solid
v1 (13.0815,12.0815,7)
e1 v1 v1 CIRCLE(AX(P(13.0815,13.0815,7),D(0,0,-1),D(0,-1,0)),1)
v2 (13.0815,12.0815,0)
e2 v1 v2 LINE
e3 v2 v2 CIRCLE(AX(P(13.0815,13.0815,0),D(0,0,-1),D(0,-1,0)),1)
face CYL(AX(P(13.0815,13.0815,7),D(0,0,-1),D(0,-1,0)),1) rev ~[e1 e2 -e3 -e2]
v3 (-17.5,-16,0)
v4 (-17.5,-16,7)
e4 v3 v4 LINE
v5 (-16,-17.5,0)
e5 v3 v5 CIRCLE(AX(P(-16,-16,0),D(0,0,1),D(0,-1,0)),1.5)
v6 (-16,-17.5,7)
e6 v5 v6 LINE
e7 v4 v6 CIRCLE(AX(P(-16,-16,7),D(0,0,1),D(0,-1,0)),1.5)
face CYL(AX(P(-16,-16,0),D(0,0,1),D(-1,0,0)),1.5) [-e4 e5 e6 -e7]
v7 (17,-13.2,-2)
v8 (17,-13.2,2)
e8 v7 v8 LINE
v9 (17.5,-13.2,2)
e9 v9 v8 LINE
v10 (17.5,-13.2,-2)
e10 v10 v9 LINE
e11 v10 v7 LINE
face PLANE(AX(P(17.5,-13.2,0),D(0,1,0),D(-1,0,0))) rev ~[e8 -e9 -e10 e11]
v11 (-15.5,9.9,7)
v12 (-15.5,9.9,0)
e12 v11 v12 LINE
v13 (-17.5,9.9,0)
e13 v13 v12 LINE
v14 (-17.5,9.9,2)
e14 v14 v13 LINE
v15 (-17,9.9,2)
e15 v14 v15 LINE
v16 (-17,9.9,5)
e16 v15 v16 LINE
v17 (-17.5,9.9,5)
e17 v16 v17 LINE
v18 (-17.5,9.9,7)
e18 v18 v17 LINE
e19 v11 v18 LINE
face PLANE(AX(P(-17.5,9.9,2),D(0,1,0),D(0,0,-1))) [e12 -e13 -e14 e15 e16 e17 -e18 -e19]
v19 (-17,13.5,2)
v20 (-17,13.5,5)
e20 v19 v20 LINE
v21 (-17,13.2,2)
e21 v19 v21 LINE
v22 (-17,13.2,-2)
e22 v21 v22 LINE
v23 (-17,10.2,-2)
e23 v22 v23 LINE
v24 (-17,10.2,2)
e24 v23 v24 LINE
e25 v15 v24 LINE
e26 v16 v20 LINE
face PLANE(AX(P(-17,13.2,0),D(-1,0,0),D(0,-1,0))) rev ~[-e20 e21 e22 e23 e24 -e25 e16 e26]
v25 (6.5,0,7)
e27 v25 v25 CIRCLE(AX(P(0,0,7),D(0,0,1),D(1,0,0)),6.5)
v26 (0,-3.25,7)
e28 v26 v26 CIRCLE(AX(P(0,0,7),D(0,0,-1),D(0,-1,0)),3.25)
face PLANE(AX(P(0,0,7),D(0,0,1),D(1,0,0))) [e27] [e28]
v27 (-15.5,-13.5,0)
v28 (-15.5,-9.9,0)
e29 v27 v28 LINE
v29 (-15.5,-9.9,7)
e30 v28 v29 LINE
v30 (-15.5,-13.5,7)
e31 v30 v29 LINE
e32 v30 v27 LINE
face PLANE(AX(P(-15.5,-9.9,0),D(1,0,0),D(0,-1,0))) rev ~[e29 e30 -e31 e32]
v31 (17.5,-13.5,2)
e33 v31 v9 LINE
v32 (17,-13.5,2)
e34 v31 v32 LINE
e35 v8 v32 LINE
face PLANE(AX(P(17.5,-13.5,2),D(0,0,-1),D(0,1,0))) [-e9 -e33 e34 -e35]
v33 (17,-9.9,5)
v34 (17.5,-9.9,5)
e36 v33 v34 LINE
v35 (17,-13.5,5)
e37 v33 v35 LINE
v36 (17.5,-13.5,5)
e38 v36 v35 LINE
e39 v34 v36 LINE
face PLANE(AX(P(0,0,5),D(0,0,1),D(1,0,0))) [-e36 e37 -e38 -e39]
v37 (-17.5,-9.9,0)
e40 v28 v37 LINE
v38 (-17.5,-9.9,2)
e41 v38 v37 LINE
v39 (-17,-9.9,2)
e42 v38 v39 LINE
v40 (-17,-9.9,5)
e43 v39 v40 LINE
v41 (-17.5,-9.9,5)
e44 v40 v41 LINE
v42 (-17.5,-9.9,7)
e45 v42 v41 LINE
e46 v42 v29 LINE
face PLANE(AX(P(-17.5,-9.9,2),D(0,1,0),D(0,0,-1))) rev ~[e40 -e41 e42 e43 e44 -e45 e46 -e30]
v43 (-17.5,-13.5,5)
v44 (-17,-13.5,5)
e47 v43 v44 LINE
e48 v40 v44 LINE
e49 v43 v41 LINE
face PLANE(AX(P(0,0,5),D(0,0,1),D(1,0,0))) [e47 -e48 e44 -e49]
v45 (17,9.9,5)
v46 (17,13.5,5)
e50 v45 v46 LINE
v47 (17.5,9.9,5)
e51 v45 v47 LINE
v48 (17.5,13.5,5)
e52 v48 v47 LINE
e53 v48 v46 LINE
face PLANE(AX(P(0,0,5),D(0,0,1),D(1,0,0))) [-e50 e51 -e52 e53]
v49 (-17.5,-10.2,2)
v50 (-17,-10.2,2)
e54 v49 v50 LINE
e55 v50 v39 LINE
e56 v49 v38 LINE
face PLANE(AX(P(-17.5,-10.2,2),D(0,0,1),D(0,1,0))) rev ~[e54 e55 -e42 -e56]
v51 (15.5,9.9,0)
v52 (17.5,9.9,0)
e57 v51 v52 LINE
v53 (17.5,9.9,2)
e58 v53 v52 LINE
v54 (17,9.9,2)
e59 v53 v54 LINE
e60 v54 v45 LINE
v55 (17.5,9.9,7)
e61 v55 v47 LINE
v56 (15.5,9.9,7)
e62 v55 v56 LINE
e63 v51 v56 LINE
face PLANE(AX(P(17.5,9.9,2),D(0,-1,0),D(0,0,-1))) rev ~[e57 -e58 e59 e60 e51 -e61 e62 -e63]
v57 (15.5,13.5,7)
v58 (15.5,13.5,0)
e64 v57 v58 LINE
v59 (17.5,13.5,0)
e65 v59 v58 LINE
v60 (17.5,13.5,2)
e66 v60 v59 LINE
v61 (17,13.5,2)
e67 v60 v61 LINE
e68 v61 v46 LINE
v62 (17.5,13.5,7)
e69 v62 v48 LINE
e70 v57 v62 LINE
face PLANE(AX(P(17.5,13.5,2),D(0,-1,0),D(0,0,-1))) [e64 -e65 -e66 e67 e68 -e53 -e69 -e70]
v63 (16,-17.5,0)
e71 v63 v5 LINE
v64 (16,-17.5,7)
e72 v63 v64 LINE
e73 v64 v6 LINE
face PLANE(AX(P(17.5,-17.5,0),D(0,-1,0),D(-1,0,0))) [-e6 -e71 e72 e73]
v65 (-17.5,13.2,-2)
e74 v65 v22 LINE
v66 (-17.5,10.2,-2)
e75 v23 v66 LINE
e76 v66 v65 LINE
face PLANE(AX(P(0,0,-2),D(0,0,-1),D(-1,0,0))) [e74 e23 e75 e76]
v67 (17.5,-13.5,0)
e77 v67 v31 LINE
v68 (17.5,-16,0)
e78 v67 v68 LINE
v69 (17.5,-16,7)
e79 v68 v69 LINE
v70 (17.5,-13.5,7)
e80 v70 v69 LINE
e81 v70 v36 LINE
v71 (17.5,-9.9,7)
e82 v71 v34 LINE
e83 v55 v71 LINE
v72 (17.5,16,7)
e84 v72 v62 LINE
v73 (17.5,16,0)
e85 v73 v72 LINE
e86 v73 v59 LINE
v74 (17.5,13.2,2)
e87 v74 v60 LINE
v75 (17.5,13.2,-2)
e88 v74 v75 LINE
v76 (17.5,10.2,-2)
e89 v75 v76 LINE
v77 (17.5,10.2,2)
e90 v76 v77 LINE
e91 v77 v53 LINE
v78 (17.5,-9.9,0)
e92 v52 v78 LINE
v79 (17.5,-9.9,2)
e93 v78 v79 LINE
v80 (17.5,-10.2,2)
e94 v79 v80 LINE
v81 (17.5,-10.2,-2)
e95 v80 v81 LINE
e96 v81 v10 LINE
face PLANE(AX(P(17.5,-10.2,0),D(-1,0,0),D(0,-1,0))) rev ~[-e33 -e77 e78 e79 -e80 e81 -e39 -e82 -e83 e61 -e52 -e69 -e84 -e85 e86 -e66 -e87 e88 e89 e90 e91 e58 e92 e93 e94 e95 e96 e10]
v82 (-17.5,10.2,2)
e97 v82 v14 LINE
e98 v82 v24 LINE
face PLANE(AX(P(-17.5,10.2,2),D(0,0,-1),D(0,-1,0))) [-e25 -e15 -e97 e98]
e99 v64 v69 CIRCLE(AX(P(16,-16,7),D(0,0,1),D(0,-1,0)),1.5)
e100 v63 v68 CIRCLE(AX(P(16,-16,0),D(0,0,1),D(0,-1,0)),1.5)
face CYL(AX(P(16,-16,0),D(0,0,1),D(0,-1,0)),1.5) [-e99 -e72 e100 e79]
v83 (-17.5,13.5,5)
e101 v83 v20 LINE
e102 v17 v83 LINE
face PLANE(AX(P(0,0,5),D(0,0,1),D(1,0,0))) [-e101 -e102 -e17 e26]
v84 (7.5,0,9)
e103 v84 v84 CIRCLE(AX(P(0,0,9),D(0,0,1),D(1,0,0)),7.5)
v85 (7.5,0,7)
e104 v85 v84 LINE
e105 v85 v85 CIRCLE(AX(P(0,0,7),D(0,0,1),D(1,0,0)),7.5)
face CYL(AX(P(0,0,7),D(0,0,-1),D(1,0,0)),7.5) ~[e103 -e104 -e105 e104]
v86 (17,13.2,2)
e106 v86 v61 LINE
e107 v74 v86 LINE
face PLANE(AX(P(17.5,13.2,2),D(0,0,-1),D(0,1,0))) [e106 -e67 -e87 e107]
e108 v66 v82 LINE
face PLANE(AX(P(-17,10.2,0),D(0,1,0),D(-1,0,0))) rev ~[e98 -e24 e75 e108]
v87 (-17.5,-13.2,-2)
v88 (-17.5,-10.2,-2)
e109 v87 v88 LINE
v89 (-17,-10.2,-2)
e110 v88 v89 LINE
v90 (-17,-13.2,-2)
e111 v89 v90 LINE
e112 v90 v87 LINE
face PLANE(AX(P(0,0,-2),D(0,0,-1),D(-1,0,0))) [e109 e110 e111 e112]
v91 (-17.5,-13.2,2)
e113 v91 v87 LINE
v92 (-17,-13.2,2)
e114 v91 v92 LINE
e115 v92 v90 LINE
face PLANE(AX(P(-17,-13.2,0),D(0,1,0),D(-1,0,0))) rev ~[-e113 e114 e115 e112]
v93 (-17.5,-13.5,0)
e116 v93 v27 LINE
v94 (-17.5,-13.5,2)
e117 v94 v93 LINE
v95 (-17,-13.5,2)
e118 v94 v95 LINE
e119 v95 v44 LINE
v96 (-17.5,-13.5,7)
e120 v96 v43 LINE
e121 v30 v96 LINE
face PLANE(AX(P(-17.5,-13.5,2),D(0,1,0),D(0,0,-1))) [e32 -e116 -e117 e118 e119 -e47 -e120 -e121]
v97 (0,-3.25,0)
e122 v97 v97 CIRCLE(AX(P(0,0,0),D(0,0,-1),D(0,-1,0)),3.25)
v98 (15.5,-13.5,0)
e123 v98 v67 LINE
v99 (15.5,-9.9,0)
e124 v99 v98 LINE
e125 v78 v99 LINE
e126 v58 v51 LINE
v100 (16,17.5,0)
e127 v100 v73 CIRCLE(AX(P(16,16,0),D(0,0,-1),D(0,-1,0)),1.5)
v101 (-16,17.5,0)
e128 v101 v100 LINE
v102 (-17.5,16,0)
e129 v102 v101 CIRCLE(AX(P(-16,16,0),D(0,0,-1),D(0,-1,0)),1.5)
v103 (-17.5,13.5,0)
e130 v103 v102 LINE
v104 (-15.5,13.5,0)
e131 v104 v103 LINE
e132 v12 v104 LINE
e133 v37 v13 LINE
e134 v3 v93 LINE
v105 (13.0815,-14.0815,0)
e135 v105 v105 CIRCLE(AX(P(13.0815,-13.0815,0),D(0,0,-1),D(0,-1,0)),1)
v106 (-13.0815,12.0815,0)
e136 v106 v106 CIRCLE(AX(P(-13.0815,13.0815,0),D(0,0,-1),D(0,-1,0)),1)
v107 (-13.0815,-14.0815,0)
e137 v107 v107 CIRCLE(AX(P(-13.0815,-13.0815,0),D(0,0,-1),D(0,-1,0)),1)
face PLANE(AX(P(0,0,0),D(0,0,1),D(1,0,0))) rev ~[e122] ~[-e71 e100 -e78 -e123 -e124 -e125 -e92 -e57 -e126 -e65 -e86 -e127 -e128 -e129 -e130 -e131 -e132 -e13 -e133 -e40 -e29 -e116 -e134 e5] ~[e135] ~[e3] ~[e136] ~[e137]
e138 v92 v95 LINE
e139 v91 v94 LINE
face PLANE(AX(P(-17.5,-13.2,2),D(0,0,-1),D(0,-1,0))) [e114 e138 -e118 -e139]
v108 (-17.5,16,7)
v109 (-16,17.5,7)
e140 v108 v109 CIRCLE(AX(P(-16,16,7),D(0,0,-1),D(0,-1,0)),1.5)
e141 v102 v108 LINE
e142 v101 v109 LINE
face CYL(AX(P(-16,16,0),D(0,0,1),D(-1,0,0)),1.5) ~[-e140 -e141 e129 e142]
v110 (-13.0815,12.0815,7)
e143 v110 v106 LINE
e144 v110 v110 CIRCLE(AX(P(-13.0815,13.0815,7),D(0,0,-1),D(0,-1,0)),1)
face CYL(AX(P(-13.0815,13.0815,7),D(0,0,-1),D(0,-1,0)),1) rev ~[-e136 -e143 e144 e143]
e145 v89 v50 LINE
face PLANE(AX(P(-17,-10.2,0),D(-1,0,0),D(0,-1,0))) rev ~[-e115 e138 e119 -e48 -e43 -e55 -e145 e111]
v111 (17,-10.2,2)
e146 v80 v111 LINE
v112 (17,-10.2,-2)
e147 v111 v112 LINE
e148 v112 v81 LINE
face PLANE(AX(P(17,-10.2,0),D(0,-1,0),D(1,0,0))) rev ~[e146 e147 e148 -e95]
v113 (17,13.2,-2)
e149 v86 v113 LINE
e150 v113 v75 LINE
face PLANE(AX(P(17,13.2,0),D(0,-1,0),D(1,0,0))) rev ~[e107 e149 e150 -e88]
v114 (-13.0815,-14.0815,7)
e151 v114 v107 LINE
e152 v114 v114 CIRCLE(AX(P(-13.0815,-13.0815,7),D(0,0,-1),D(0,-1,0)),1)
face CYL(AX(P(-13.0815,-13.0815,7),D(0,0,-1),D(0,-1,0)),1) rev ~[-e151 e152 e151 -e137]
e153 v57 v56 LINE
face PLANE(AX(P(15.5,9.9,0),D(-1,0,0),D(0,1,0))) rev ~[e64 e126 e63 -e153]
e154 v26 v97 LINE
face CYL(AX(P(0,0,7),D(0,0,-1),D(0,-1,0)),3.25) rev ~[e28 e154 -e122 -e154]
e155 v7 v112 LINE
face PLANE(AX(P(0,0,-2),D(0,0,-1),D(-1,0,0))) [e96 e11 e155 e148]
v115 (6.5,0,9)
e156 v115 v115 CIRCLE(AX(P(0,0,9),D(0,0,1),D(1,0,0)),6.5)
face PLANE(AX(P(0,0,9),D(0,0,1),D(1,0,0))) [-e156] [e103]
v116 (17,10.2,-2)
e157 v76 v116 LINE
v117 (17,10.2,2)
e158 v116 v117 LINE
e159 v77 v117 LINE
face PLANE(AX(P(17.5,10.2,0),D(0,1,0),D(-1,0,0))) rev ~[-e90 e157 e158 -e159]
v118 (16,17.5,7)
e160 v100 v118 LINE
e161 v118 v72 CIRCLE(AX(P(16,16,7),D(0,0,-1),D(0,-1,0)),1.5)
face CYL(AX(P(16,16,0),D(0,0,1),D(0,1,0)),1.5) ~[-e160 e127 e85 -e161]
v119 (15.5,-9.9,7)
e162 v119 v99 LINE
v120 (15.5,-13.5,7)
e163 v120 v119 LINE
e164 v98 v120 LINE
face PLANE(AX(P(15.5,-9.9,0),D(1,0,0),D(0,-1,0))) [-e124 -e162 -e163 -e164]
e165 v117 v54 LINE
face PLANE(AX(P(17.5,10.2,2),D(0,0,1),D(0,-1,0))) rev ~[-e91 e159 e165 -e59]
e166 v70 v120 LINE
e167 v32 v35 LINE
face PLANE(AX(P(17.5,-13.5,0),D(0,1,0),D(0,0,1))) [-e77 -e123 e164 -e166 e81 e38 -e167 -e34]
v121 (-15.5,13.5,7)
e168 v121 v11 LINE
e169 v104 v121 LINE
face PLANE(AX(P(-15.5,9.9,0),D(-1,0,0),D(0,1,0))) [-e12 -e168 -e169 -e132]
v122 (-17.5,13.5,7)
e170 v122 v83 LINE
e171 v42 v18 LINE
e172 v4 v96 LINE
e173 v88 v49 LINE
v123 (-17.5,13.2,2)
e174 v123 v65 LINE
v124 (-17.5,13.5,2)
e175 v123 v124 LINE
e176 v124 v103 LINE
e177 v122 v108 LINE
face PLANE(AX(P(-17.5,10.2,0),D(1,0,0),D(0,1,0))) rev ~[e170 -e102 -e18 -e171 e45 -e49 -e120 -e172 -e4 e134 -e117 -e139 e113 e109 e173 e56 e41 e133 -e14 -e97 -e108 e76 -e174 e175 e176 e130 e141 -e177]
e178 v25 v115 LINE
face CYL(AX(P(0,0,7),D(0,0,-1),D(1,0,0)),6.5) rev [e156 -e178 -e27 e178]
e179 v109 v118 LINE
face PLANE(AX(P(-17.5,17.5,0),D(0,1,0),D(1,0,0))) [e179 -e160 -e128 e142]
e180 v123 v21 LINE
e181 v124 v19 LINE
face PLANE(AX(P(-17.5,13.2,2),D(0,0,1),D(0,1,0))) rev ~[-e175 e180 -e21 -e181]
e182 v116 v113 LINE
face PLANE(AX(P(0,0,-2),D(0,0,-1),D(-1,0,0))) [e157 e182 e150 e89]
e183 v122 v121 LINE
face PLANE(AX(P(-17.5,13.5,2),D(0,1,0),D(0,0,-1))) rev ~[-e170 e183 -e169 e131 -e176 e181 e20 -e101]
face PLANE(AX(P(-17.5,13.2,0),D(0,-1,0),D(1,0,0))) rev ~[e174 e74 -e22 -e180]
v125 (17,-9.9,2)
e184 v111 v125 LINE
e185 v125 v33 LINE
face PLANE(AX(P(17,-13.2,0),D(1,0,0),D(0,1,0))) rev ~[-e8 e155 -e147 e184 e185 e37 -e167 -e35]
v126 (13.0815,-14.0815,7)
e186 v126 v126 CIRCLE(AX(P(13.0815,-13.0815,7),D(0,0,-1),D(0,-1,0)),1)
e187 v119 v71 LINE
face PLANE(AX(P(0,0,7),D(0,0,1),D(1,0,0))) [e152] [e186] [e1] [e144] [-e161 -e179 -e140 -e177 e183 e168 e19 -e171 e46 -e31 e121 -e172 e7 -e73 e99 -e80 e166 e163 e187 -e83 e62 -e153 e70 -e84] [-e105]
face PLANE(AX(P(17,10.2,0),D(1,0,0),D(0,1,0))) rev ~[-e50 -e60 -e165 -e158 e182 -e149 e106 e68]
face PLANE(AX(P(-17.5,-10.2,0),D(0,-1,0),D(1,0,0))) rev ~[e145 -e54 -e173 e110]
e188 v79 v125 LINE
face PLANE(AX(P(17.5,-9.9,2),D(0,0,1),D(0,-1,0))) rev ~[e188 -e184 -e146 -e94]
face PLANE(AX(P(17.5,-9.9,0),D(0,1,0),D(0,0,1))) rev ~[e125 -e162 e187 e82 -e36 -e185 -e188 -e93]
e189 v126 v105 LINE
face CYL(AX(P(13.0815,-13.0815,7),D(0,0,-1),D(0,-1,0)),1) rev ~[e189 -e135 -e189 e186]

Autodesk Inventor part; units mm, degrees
ref_plane "YZ Plane" through (0, 0, 0) normal (1, 0, 0) x (0, 1, 0)
ref_plane "XZ Plane" through (0, 0, 0) normal (0, 1, 0) x (-1, 0, 0)
ref_plane "XY Plane" through (0, 0, 0) normal (0, 0, 1) x (1, 0, 0)
sketch "スケッチ1" plane through (0, 0, 0) normal (0, 0, 1) x (1, 0, 0)
  line L0 (-17.5, 17.5) -> (17.5, 17.5)
  line L1 (17.5, 17.5) -> (17.5, -17.5)
  line L2 (17.5, -17.5) -> (-17.5, -17.5)
  line L3 (-17.5, -17.5) -> (-17.5, 17.5)
  point P0 (0, 0)
  dimension "d0" = 35
  dimension "d1" = 35
  dimension "d2" = 17.5
  dimension "d3" = 17.5
extrude "押し出し1" add sketch "スケッチ1" along normal blind 7
sketch "スケッチ2" plane through (0, 0, 7) normal (0, 0, 1) x (1, 0, 0)
  line L0 (-17.5, 17.5) -> (17.5, -17.5)
  line L1 (17.5, 17.5) -> (-17.5, -17.5)
  line L2 (-17.5, -17.5) -> (-17.5, 17.5) projected
  circle A0 centre (0, 0) radius 18.5
  point P0 (-13.0815, 13.0815)
  point P1 (13.0815, 13.0815)
  point P2 (13.0815, -13.0815)
  point P3 (-13.0815, -13.0815)
  dimension "d6" = 37
hole "Hole1" at (-13.0815, 13.0815, 7) at (13.0815, 13.0815, 7) at (13.0815, -13.0815, 7) at (-13.0815, -13.0815, 7) direction (0, 0, -1) diameter 2 end through all
sketch "スケッチ3" plane through (0, 0, 7) normal (0, 0, 1) x (1, 0, 0)
  circle A0 centre (0, 0) radius 7.5
  circle A1 centre (0, 0) radius 6.5
  dimension "d14" = 15
  dimension "d15" = 13
extrude "押し出し2" add sketch "スケッチ3" along normal blind 2
sketch "スケッチ4" plane through (0, 0, 7) normal (0, 0, 1) x (1, 0, 0)
  line L0 (17.5, 17.5) -> (17.5, -17.5) projected
  line L1 (-17.5, 17.5) -> (17.5, 17.5) projected
  line L2 (-17.5, -17.5) -> (-17.5, 17.5) projected
  line L3 (17.5, -17.5) -> (-17.5, -17.5) projected
  line L4 (17.5, 13.5) -> (15.5, 13.5)
  line L5 (15.5, 13.5) -> (15.5, 9.9)
  line L6 (15.5, 9.9) -> (17.5, 9.9)
  line L7 (17.5, 9.9) -> (17.5, 13.5)
  line L8 (17.5, 0) -> (-17.5, 0)
  line L9 (17.5, -17.5) -> (17.5, 17.5)
  line L10 (17.5, -13.5) -> (15.5, -13.5)
  line L11 (15.5, -13.5) -> (15.5, -9.9)
  line L12 (15.5, -9.9) -> (17.5, -9.9)
  line L13 (17.5, -9.9) -> (17.5, -13.5)
  line L14 (0, 17.5) -> (0, -17.5)
  line L15 (-17.5, 17.5) -> (-17.5, -17.5)
  line L16 (-17.5, 13.5) -> (-15.5, 13.5)
  line L17 (-15.5, 13.5) -> (-15.5, 9.9)
  line L18 (-15.5, 9.9) -> (-17.5, 9.9)
  line L19 (-17.5, 9.9) -> (-17.5, 13.5)
  line L20 (-17.5, -17.5) -> (-17.5, 17.5)
  line L21 (-15.5, -13.5) -> (-15.5, -9.9)
  line L22 (-15.5, -9.9) -> (-17.5, -9.9)
  line L23 (-17.5, -9.9) -> (-17.5, -13.5)
  line L24 (-17.5, -13.5) -> (-15.5, -13.5)
  dimension "d18" = 4
  dimension "d19" = 2
  dimension "d20" = 3.6
extrude "押し出し3" cut sketch "スケッチ4" against normal blind 2 contours L0 L6 L5 L4 | L16 L17 L18 L2 | L0 L10 L11 L12 | L22 L21 L24 L2
sketch "スケッチ5" plane through (0, 0, 0) normal (0, 0, -1) x (-1, 0, 0)
  line L0 (17.5, 17.5) -> (-17.5, 17.5) projected
  line L1 (-17.5, 17.5) -> (-17.5, -17.5) projected
  line L2 (-17.5, -17.5) -> (17.5, -17.5) projected
  line L3 (17.5, 0) -> (-17.5, 0)
  line L4 (17.5, 17.5) -> (-17.5, 17.5) projected
  line L5 (0, 17.5) -> (0, -17.5)
  line L6 (15.5, 13.5) -> (17, 13.5)
  line L7 (17, 13.5) -> (17, 9.9)
  line L8 (17, 9.9) -> (15.5, 9.9)
  line L9 (15.5, 9.9) -> (15.5, 13.5)
  line L10 (17.5, -17.5) -> (17.5, 17.5) projected
  line L11 (15.5, -13.5) -> (17, -13.5)
  line L12 (17, -13.5) -> (17, -9.9)
  line L13 (17, -9.9) -> (15.5, -9.9)
  line L14 (15.5, -9.9) -> (15.5, -13.5)
  line L15 (-15.5, 13.5) -> (-17, 13.5)
  line L16 (-17, 13.5) -> (-17, 9.9)
  line L17 (-17, 9.9) -> (-15.5, 9.9)
  line L18 (-15.5, 9.9) -> (-15.5, 13.5)
  line L19 (-15.5, -13.5) -> (-17, -13.5)
  line L20 (-17, -13.5) -> (-17, -9.9)
  line L21 (-17, -9.9) -> (-15.5, -9.9)
  line L22 (-15.5, -9.9) -> (-15.5, -13.5)
  line L23 (17, 13.5) -> (15.5, 13.5)
  line L24 (15.5, 13.5) -> (15.5, 9.9)
  line L25 (15.5, 9.9) -> (17, 9.9)
  line L26 (17, 9.9) -> (17, 13.5)
  point P0 (0, 0)
  dimension "d26" = 4
  dimension "d27" = 3.6
  dimension "d28" = 2
  dimension "d29" = 1.5
extrude "押し出し4" cut sketch "スケッチ5" against normal through all contours L6 L7 L8 L9 | L14 L13 L12 L11 | L18 L17 L16 L15 | L19 L20 L21 L22
sketch "スケッチ6" plane through (-17.5, -17.5, 0) normal (-1, 0, 0) x (0, 0, 1)
  line L0 (0, 0) -> (0, 35) projected
  line L1 (0, 35) -> (0, 0) projected
  line L2 (2, 31) -> (0, 31)
  line L3 (0, 31) -> (0, 30.7)
  line L4 (0, 30.7) -> (2, 30.7)
  line L5 (2, 30.7) -> (2, 31)
  line L6 (2, 27.4) -> (0, 27.4)
  line L7 (0, 27.4) -> (0, 27.7)
  line L8 (0, 27.7) -> (2, 27.7)
  line L9 (2, 27.7) -> (2, 27.4)
  line L10 (7, 27.4) -> (7, 7.6) projected
  line L11 (7, 17.5) -> (0, 17.5)
  line L12 (0, 0) -> (0, 35)
  line L13 (2, 4) -> (0, 4)
  line L14 (0, 4) -> (0, 4.3)
  line L15 (0, 4.3) -> (2, 4.3)
  line L16 (2, 4.3) -> (2, 4)
  line L17 (2, 7.6) -> (0, 7.6)
  line L18 (0, 7.6) -> (0, 7.3)
  line L19 (0, 7.3) -> (2, 7.3)
  line L20 (2, 7.3) -> (2, 7.6)
  dimension "d32" = 3
  dimension "d33" = 0.3
  dimension "d34" = 2
extrude "押し出し5" cut sketch "スケッチ6" against normal blind 2
sketch "スケッチ7" plane through (17.5, -17.5, 0) normal (1, 0, 0) x (0, 0, -1)
  line L0 (-7, 27.4) -> (-7, 7.6) projected
  line L1 (-7, 17.5) -> (0, 17.5)
  line L2 (-2, 4.3) -> (0, 4.3)
  line L3 (0, 4.3) -> (0, 4)
  line L4 (0, 4) -> (-2, 4)
  line L5 (-2, 4) -> (-2, 4.3)
  line L6 (-2, 27.4) -> (0, 27.4)
  line L7 (0, 27.4) -> (0, 27.7)
  line L8 (0, 27.7) -> (-2, 27.7)
  line L9 (-2, 27.7) -> (-2, 27.4)
  line L10 (-2, 31) -> (0, 31)
  line L11 (0, 31) -> (0, 30.7)
  line L12 (0, 30.7) -> (-2, 30.7)
  line L13 (-2, 30.7) -> (-2, 31)
  line L14 (0, 7.6) -> (-2, 7.6)
  line L15 (-2, 7.6) -> (-2, 7.3)
  line L16 (-2, 7.3) -> (0, 7.3)
  line L17 (0, 7.3) -> (0, 7.6)
  dimension "d40" = 0.3
extrude "押し出し6" cut sketch "スケッチ7" against normal blind 2
sketch "スケッチ8" plane through (0, 0, 0) normal (0, 0, -1) x (-1, 0, 0)
  line L0 (-17, 13.2) -> (-17.5, 13.2) projected
  line L1 (-17.5, 13.2) -> (-17.5, 10.2) projected
  line L2 (-17.5, 10.2) -> (-17, 10.2) projected
  line L3 (-17, 10.2) -> (-17, 13.2) projected
  point P0 (0, 0)
extrude "押し出し7" add sketch "スケッチ8" along normal blind 2
sketch "スケッチ9" plane through (0, 0, 0) normal (0, 0, -1) x (-1, 0, 0)
  line L0 (-17, -10.2) -> (-17.5, -10.2) projected
  line L1 (-17.5, -10.2) -> (-17.5, -13.2) projected
  line L2 (-17.5, -13.2) -> (-17, -13.2) projected
  line L3 (-17, -13.2) -> (-17, -10.2) projected
  point P0 (0, 0)
extrude "押し出し8" add sketch "スケッチ9" along normal blind 2
sketch "スケッチ10" plane through (0, 0, 0) normal (0, 0, -1) x (-1, 0, 0)
  line L0 (17, -13.2) -> (17.5, -13.2) projected
  line L1 (17.5, -13.2) -> (17.5, -10.2) projected
  line L2 (17.5, -10.2) -> (17, -10.2) projected
  line L3 (17, -10.2) -> (17, -13.2) projected
  point P0 (0, 0)
extrude "押し出し9" add sketch "スケッチ10" along normal blind 2
sketch "スケッチ11" plane through (0, 0, 0) normal (0, 0, -1) x (-1, 0, 0)
  line L0 (17.5, 13.2) -> (17, 13.2) projected
  line L1 (17, 13.2) -> (17, 10.2) projected
  line L2 (17, 10.2) -> (17.5, 10.2) projected
  line L3 (17.5, 10.2) -> (17.5, 13.2) projected
  point P0 (0, 0)
extrude "押し出し10" add sketch "スケッチ11" along normal blind 2
fillet "フィレット2" radius 1.5 4 edges at (17.5, -17.5, 3.5) (-17.5, -17.5, 3.5) (-17.5, 17.5, 3.5) (17.5, 17.5, 3.5)
sketch "スケッチ14" plane through (0, 0, 7) normal (0, 0, 1) x (1, 0, 0)
  circle A0 centre (0, 0) radius 6.5 projected
hole "Hole3" at (0, 0, 7) direction (0, 0, -1) diameter 6.5 end through all
equation "\"d1\" = d0"
equation "\"d2\" = 0.5 * d0"
equation "\"d3\" = d2"
properties part number "SLIPRING_SRG-1-6G"
